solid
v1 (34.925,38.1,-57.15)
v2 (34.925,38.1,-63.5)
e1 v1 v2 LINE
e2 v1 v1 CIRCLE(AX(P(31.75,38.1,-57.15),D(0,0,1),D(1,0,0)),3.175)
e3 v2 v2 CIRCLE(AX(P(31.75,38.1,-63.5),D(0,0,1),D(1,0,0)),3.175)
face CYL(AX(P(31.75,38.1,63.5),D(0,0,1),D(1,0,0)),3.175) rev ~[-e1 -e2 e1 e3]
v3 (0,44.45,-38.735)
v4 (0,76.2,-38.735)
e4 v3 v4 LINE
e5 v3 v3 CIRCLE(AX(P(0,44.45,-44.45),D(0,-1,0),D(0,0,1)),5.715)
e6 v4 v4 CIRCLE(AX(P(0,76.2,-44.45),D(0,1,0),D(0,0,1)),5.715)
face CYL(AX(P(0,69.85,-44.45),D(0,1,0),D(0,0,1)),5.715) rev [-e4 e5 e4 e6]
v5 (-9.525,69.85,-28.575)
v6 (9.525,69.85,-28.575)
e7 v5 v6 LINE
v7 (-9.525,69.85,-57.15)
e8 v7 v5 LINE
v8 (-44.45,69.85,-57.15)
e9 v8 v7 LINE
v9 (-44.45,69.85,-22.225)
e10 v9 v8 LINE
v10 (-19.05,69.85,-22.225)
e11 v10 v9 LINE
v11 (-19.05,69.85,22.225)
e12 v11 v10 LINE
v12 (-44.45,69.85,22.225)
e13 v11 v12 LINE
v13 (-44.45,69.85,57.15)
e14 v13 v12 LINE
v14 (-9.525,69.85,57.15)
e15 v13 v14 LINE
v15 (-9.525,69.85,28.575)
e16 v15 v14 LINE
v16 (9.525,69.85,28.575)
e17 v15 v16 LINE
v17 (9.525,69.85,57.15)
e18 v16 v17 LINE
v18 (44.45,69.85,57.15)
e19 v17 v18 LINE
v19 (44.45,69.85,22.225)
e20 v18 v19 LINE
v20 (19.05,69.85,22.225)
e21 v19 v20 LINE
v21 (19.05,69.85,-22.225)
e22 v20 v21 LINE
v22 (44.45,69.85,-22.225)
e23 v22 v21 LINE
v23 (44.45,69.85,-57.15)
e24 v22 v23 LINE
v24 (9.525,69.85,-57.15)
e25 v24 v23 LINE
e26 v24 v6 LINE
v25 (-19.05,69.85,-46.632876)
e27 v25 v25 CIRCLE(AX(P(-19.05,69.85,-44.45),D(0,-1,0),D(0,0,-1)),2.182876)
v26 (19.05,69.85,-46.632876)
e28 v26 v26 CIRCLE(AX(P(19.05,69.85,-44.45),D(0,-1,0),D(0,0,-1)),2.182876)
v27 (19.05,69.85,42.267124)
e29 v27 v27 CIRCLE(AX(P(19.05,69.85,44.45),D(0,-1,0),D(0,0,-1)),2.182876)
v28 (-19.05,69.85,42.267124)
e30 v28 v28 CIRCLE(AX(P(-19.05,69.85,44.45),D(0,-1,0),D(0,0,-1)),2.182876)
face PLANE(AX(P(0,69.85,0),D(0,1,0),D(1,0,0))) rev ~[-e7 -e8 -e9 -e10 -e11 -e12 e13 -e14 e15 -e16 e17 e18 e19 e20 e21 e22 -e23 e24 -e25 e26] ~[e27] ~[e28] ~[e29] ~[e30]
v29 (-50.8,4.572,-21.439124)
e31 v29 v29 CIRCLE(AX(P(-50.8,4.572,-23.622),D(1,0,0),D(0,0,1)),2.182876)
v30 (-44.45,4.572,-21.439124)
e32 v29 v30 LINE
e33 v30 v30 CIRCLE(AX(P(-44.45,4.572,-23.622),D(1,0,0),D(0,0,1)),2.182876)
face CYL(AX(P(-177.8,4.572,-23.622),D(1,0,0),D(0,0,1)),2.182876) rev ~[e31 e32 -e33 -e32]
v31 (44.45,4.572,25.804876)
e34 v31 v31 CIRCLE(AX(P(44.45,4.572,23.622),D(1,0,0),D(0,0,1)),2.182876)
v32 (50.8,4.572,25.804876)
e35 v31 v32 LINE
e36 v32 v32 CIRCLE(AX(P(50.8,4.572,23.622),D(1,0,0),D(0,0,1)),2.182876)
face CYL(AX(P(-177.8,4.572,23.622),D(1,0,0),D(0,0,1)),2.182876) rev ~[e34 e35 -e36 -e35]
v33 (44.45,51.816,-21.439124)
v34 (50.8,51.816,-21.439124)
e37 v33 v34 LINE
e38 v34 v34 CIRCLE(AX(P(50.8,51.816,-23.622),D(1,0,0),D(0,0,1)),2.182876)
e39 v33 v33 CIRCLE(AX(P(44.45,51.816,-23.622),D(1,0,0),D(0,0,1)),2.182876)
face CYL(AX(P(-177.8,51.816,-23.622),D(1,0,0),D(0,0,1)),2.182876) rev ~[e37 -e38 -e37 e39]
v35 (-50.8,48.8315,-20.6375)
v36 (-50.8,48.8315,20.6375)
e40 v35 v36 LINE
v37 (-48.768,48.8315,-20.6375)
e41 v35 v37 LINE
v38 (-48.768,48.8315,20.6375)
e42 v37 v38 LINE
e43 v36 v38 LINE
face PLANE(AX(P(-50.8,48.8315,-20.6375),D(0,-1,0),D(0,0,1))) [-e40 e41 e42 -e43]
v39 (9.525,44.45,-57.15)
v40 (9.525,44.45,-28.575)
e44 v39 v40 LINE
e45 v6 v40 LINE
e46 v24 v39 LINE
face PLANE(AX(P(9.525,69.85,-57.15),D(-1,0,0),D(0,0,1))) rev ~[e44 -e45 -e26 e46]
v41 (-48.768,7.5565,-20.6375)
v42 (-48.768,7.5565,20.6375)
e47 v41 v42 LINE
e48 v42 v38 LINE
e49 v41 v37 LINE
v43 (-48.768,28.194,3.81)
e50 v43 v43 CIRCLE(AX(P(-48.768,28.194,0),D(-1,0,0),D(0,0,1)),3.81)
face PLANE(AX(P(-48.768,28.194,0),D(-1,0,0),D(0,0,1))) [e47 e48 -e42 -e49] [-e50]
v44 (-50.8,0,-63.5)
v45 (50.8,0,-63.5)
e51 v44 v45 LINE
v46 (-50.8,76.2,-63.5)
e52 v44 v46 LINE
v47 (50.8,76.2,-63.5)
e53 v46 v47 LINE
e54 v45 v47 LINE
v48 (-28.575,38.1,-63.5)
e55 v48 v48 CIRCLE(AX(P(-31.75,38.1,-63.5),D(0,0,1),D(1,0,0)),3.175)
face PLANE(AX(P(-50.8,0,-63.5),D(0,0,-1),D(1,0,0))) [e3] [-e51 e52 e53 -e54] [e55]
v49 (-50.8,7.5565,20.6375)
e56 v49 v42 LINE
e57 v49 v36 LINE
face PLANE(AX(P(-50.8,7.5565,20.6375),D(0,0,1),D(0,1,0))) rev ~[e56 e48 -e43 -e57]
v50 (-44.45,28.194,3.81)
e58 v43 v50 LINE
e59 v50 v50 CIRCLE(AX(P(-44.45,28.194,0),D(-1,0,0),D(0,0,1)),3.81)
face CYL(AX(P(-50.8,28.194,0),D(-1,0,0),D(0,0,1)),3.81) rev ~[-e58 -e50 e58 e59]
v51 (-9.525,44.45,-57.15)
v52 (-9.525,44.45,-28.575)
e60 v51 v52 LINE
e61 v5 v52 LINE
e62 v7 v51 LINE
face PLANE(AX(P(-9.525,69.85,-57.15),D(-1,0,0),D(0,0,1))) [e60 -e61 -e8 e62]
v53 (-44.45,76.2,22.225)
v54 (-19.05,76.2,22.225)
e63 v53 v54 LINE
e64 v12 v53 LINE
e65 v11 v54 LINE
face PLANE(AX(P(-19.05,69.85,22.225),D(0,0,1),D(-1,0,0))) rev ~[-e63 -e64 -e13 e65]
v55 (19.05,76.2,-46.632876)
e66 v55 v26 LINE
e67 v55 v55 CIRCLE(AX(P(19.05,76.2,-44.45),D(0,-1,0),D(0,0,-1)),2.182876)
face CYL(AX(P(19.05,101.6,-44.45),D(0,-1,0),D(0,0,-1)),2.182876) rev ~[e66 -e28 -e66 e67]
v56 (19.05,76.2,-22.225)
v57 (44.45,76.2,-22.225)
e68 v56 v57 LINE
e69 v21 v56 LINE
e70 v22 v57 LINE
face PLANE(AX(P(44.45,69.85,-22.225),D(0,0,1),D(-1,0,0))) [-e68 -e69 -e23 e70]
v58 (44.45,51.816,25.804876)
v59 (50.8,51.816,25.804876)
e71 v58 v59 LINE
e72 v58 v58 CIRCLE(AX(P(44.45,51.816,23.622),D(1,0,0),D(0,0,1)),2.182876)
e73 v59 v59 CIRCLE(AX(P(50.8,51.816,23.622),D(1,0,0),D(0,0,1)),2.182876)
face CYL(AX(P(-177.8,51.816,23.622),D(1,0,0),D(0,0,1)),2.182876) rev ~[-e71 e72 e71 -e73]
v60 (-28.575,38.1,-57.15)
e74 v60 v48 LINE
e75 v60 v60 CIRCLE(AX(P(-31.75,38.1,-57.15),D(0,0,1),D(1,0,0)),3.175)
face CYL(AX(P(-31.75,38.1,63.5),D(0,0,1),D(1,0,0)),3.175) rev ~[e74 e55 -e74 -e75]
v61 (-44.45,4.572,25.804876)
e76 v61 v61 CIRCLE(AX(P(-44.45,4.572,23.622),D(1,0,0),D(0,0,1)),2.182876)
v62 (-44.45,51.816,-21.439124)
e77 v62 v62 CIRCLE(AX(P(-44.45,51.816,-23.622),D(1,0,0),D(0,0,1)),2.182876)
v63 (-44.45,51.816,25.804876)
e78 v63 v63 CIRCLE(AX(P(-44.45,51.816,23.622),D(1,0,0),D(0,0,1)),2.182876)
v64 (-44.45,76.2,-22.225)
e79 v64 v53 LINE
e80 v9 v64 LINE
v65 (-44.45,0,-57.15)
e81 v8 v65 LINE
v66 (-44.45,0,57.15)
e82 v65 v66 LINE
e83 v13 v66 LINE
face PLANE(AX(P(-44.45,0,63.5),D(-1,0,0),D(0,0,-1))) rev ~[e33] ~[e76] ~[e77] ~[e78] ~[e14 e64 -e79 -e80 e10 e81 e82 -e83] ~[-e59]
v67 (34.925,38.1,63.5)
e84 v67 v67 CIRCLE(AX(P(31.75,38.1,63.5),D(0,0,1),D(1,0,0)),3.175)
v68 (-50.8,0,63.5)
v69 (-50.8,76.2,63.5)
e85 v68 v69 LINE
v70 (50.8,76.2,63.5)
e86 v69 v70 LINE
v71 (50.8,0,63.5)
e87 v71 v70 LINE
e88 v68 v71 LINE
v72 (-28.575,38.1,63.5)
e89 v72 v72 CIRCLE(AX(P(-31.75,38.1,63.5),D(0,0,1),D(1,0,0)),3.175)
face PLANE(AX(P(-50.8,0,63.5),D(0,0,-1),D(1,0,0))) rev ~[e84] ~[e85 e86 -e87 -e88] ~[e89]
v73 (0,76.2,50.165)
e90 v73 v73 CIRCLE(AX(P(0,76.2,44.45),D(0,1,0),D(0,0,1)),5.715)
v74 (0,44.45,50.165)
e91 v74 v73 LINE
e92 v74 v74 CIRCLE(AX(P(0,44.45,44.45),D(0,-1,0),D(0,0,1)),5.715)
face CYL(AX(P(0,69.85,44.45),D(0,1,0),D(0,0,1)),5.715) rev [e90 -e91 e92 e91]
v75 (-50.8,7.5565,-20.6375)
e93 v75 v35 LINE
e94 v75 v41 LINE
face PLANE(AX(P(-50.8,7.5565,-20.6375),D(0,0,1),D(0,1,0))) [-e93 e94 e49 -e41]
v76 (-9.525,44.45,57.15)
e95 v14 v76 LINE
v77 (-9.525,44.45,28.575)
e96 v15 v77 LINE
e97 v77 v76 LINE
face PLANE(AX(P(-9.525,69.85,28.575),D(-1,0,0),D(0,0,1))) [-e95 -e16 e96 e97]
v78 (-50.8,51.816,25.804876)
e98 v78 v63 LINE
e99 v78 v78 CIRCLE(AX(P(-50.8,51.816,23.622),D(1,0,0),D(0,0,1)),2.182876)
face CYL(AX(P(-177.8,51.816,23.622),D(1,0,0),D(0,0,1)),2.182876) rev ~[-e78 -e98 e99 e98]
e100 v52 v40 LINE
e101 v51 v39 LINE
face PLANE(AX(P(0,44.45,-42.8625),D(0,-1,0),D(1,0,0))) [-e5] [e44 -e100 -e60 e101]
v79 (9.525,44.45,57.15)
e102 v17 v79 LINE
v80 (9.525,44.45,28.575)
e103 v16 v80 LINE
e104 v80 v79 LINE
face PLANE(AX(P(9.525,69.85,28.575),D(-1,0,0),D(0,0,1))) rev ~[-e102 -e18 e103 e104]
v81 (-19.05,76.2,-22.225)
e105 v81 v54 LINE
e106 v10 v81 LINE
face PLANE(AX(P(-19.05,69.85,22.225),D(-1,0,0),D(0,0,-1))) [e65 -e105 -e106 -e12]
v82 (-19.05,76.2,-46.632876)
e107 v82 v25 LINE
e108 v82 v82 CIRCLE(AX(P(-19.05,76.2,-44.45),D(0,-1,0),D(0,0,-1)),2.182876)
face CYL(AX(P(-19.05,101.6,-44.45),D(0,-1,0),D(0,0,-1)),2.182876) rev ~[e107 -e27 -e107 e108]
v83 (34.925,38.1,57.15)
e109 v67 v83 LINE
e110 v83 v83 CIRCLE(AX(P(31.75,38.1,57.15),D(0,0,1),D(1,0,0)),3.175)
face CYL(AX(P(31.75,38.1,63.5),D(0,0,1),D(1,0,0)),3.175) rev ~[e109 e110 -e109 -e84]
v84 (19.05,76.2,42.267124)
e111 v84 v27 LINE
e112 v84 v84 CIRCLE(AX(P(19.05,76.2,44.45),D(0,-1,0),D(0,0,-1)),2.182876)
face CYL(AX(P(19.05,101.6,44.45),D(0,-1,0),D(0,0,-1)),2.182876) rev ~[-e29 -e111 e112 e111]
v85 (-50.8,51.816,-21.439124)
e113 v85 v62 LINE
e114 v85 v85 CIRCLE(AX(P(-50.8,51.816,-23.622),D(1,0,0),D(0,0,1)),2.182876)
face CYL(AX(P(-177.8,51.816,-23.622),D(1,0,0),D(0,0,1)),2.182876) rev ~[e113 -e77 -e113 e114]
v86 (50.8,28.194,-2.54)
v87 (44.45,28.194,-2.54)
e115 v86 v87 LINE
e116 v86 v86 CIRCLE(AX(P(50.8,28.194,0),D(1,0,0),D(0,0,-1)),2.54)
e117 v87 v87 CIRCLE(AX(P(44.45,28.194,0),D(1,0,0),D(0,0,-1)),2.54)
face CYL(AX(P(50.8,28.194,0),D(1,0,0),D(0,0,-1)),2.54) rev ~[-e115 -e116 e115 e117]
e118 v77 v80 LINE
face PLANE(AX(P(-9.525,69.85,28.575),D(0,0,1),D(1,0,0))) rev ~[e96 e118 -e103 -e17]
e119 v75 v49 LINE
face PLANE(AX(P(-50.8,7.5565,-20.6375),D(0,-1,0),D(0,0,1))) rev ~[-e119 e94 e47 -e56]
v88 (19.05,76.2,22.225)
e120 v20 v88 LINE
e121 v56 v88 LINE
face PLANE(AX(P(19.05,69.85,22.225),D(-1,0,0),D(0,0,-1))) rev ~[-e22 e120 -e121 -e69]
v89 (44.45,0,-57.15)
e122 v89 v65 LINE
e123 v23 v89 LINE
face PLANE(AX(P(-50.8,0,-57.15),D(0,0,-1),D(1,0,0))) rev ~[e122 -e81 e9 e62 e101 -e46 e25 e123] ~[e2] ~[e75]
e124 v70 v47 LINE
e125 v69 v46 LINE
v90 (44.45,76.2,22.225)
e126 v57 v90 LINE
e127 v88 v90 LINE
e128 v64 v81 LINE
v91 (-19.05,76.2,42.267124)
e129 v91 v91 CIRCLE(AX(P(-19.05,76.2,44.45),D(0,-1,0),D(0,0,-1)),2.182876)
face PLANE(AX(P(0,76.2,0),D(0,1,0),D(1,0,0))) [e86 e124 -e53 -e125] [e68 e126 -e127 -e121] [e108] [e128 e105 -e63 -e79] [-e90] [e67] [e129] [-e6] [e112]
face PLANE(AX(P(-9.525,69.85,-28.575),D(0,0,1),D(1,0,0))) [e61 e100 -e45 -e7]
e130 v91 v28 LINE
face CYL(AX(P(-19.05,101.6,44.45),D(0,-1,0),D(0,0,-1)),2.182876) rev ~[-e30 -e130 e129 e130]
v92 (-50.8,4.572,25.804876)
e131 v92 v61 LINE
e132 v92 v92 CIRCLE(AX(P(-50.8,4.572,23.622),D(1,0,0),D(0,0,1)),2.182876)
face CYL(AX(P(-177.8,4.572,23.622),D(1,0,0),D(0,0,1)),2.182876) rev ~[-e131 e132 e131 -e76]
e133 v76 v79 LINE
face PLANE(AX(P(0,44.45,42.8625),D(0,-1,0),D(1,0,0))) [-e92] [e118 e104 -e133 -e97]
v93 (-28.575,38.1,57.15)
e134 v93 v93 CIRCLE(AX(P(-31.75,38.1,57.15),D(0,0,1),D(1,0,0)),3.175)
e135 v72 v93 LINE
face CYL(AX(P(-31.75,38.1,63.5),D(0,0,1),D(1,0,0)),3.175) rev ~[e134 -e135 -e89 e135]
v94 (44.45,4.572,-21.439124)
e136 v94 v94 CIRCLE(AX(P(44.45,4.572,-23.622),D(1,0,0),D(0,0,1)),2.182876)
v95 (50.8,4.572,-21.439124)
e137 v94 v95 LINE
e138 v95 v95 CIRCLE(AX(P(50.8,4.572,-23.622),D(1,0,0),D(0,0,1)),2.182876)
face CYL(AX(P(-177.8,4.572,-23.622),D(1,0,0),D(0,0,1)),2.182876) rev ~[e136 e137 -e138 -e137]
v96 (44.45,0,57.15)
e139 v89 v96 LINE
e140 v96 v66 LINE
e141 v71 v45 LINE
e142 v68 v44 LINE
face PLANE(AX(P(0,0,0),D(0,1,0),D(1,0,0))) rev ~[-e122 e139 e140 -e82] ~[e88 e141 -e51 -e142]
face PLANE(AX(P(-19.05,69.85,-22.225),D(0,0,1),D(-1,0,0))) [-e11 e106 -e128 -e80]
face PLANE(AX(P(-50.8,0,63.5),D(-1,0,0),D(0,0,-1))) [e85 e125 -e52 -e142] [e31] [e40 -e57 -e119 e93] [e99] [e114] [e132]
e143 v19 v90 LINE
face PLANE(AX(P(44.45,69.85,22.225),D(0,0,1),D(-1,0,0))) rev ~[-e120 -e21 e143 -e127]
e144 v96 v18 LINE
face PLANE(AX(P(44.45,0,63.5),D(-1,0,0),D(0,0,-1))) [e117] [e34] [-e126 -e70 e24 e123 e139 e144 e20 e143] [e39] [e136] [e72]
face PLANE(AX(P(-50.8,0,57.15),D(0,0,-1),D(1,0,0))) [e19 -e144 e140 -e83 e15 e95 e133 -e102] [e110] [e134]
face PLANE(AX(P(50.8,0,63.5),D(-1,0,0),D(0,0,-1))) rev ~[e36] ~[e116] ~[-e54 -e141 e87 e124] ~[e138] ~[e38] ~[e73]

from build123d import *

# Parameters (mm, degrees)
SKETCH2_W                            = 101.6
SKETCH2_H                            = 127
BOSS_EXTRUDE1_DEPTH                  = 76.2
SHELL1_T                             = -6.35
F_11_64_0_17188_DIAMETER_HOLE1_D     = 4.365752
F_11_64_0_17188_DIAMETER_HOLE1_DEPTH = 25.4
F_11_64_0_17188_DIAMETER_HOLE1_TIP   = 1.311604225
SKETCH4_R                            = 5.715
CUT_EXTRUDE2_DEPTH                   = 112.44204772
SKETCH6_W                            = 19.05
SKETCH6_H                            = 28.575
SKETCH6_R                            = 5.715
BOSS_EXTRUDE2_DEPTH                  = 25.4
F_11_64_0_17188_DIAMETER_HOLE2_D     = 4.365752
F_11_64_0_17188_DIAMETER_HOLE2_DEPTH = 127
F_11_64_0_17188_DIAMETER_HOLE2_TIP   = 1.311604225
CUT_EXTRUDE3_REACH                   = 143.99
SKETCH9_R                            = 3.81
SKETCH10_W                           = 25.4
SKETCH10_H                           = 44.45
CUT_EXTRUDE5_DEPTH                   = 108.200338152
SKETCH11_R                           = 3.175
CUT_EXTRUDE6_DEPTH                   = 157.576115675
CUT_EXTRUDE7_REACH                   = 143.99
SKETCH13_R                           = 2.54
SKETCH14_W                           = 41.275
SKETCH14_H                           = 41.275
CUT_EXTRUDE8_DEPTH                   = 2.032


with BuildPart() as part:
    # Sketch2 → Boss-Extrude1 (new body)
    with BuildSketch(Plane(origin=(0, 0, 0), x_dir=(1, 0, 0), z_dir=(0, 1, 0))):
        Rectangle(SKETCH2_W, SKETCH2_H)
    extrude(amount=BOSS_EXTRUDE1_DEPTH)

    # Shell1
    shell1_openings = [part.faces().sort_by_distance(p)[0] for p in [
        (0, 0, 0),
    ]]
    offset(amount=SHELL1_T, openings=shell1_openings, kind=Kind.INTERSECTION)

    # 11/64 (0.17188) Diameter Hole1
    with Locations(Plane(origin=(-19.05, 76.2, -44.45), x_dir=(0, 0, 1), z_dir=(0, 1, 0))):
        with Locations((0, 0), (0, 38.1), (88.9, 0), (88.9, 38.1)):
            Hole(F_11_64_0_17188_DIAMETER_HOLE1_D / 2, depth=F_11_64_0_17188_DIAMETER_HOLE1_DEPTH)
            with Locations((0, 0, -(F_11_64_0_17188_DIAMETER_HOLE1_DEPTH + F_11_64_0_17188_DIAMETER_HOLE1_TIP / 2))):  # 118° drill point
                Cone(0, F_11_64_0_17188_DIAMETER_HOLE1_D / 2, F_11_64_0_17188_DIAMETER_HOLE1_TIP, mode=Mode.SUBTRACT)

    # Sketch4 → Cut-Extrude2 (cut, through all)
    with BuildSketch(Plane(origin=(0, 76.2, 0), x_dir=(1, 0, 0), z_dir=(0, 1, 0))):
        with Locations(Location((0, 44.45, 0), (0, 0, 270))):
            Circle(SKETCH4_R)
        with Locations(Location((0, -44.45, 0), (0, 0, 270))):
            Circle(SKETCH4_R)
    extrude(amount=-CUT_EXTRUDE2_DEPTH, mode=Mode.SUBTRACT)

    # Sketch6 → Boss-Extrude2 (add)
    # profile 1 of 2: a face of its own
    with BuildSketch(Plane.XZ.offset(-69.85)):
        with Locations((0, 42.8625)):
            Rectangle(SKETCH6_W, SKETCH6_H)
        with Locations(Location((0, 44.45, 0), (0, 0, 90))):
            Circle(SKETCH6_R, mode=Mode.SUBTRACT)
    # profile 2 of 2: a face of its own
    with BuildSketch(Plane.XZ.offset(-69.85)):
        with Locations((0, -42.8625)):
            Rectangle(SKETCH6_W, SKETCH6_H)
        with Locations(Location((0, -44.45, 0), (0, 0, 90))):
            Circle(SKETCH6_R, mode=Mode.SUBTRACT)
    extrude(amount=BOSS_EXTRUDE2_DEPTH)

    # 11/64 (0.17188) Diameter Hole2
    with Locations(Plane(origin=(-50.8, 51.816, -23.622), x_dir=(0, 0, -1), z_dir=(-1, 0, 0))):
        with Locations((0, 0), (0, 47.244), (-47.244, 0), (-47.244, 47.244)):
            Hole(F_11_64_0_17188_DIAMETER_HOLE2_D / 2, depth=F_11_64_0_17188_DIAMETER_HOLE2_DEPTH)
            with Locations((0, 0, -(F_11_64_0_17188_DIAMETER_HOLE2_DEPTH + F_11_64_0_17188_DIAMETER_HOLE2_TIP / 2))):  # 118° drill point
                Cone(0, F_11_64_0_17188_DIAMETER_HOLE2_D / 2, F_11_64_0_17188_DIAMETER_HOLE2_TIP, mode=Mode.SUBTRACT)

    # Sketch9 → Cut-Extrude3 (cut, up to next)
    with BuildSketch(Plane.ZY.offset(50.8), mode=Mode.PRIVATE) as cut_extrude3_sk1:
        with Locations((0, 28.194)):
            Circle(SKETCH9_R)
    cut_extrude3_tool1 = extrude(cut_extrude3_sk1.sketch, amount=-CUT_EXTRUDE3_REACH, mode=Mode.PRIVATE) & part.part
    add(cut_extrude3_tool1.solids().sort_by_distance((-50.8, 28.194, 0))[0], mode=Mode.SUBTRACT)

    # Sketch10 → Cut-Extrude5 (cut, through all)
    with BuildSketch(Plane(origin=(0, 69.85, 0), x_dir=(-1, 0, 0), z_dir=(0, -1, 0))):
        with Locations((31.75, 0)):
            Rectangle(SKETCH10_W, SKETCH10_H)
        with Locations((-31.75, 0)):
            Rectangle(SKETCH10_W, SKETCH10_H)
    extrude(amount=-CUT_EXTRUDE5_DEPTH, mode=Mode.SUBTRACT)

    # Sketch11 → Cut-Extrude6 (cut, through all)
    with BuildSketch(Plane.XY.offset(63.5)):
        with Locations((-31.75, 38.1)):
            Circle(SKETCH11_R)
        with Locations((31.75, 38.1)):
            Circle(SKETCH11_R)
    extrude(amount=-CUT_EXTRUDE6_DEPTH, mode=Mode.SUBTRACT)

    # Sketch13 → Cut-Extrude7 (cut, up to next)
    with BuildSketch(Plane(origin=(50.8, 0, 0), x_dir=(0, 0, -1), z_dir=(1, 0, 0)), mode=Mode.PRIVATE) as cut_extrude7_sk1:
        with Locations((0, 28.194)):
            Circle(SKETCH13_R)
    cut_extrude7_tool1 = extrude(cut_extrude7_sk1.sketch, amount=-CUT_EXTRUDE7_REACH, mode=Mode.PRIVATE) & part.part
    add(cut_extrude7_tool1.solids().sort_by_distance((50.8, 28.194, 0))[0], mode=Mode.SUBTRACT)

    # Sketch14 → Cut-Extrude8 (cut)
    with BuildSketch(Plane.ZY.offset(50.8)):
        with Locations((0, 28.194)):
            Rectangle(SKETCH14_W, SKETCH14_H)
    extrude(amount=-CUT_EXTRUDE8_DEPTH, mode=Mode.SUBTRACT)


solid = part.part
